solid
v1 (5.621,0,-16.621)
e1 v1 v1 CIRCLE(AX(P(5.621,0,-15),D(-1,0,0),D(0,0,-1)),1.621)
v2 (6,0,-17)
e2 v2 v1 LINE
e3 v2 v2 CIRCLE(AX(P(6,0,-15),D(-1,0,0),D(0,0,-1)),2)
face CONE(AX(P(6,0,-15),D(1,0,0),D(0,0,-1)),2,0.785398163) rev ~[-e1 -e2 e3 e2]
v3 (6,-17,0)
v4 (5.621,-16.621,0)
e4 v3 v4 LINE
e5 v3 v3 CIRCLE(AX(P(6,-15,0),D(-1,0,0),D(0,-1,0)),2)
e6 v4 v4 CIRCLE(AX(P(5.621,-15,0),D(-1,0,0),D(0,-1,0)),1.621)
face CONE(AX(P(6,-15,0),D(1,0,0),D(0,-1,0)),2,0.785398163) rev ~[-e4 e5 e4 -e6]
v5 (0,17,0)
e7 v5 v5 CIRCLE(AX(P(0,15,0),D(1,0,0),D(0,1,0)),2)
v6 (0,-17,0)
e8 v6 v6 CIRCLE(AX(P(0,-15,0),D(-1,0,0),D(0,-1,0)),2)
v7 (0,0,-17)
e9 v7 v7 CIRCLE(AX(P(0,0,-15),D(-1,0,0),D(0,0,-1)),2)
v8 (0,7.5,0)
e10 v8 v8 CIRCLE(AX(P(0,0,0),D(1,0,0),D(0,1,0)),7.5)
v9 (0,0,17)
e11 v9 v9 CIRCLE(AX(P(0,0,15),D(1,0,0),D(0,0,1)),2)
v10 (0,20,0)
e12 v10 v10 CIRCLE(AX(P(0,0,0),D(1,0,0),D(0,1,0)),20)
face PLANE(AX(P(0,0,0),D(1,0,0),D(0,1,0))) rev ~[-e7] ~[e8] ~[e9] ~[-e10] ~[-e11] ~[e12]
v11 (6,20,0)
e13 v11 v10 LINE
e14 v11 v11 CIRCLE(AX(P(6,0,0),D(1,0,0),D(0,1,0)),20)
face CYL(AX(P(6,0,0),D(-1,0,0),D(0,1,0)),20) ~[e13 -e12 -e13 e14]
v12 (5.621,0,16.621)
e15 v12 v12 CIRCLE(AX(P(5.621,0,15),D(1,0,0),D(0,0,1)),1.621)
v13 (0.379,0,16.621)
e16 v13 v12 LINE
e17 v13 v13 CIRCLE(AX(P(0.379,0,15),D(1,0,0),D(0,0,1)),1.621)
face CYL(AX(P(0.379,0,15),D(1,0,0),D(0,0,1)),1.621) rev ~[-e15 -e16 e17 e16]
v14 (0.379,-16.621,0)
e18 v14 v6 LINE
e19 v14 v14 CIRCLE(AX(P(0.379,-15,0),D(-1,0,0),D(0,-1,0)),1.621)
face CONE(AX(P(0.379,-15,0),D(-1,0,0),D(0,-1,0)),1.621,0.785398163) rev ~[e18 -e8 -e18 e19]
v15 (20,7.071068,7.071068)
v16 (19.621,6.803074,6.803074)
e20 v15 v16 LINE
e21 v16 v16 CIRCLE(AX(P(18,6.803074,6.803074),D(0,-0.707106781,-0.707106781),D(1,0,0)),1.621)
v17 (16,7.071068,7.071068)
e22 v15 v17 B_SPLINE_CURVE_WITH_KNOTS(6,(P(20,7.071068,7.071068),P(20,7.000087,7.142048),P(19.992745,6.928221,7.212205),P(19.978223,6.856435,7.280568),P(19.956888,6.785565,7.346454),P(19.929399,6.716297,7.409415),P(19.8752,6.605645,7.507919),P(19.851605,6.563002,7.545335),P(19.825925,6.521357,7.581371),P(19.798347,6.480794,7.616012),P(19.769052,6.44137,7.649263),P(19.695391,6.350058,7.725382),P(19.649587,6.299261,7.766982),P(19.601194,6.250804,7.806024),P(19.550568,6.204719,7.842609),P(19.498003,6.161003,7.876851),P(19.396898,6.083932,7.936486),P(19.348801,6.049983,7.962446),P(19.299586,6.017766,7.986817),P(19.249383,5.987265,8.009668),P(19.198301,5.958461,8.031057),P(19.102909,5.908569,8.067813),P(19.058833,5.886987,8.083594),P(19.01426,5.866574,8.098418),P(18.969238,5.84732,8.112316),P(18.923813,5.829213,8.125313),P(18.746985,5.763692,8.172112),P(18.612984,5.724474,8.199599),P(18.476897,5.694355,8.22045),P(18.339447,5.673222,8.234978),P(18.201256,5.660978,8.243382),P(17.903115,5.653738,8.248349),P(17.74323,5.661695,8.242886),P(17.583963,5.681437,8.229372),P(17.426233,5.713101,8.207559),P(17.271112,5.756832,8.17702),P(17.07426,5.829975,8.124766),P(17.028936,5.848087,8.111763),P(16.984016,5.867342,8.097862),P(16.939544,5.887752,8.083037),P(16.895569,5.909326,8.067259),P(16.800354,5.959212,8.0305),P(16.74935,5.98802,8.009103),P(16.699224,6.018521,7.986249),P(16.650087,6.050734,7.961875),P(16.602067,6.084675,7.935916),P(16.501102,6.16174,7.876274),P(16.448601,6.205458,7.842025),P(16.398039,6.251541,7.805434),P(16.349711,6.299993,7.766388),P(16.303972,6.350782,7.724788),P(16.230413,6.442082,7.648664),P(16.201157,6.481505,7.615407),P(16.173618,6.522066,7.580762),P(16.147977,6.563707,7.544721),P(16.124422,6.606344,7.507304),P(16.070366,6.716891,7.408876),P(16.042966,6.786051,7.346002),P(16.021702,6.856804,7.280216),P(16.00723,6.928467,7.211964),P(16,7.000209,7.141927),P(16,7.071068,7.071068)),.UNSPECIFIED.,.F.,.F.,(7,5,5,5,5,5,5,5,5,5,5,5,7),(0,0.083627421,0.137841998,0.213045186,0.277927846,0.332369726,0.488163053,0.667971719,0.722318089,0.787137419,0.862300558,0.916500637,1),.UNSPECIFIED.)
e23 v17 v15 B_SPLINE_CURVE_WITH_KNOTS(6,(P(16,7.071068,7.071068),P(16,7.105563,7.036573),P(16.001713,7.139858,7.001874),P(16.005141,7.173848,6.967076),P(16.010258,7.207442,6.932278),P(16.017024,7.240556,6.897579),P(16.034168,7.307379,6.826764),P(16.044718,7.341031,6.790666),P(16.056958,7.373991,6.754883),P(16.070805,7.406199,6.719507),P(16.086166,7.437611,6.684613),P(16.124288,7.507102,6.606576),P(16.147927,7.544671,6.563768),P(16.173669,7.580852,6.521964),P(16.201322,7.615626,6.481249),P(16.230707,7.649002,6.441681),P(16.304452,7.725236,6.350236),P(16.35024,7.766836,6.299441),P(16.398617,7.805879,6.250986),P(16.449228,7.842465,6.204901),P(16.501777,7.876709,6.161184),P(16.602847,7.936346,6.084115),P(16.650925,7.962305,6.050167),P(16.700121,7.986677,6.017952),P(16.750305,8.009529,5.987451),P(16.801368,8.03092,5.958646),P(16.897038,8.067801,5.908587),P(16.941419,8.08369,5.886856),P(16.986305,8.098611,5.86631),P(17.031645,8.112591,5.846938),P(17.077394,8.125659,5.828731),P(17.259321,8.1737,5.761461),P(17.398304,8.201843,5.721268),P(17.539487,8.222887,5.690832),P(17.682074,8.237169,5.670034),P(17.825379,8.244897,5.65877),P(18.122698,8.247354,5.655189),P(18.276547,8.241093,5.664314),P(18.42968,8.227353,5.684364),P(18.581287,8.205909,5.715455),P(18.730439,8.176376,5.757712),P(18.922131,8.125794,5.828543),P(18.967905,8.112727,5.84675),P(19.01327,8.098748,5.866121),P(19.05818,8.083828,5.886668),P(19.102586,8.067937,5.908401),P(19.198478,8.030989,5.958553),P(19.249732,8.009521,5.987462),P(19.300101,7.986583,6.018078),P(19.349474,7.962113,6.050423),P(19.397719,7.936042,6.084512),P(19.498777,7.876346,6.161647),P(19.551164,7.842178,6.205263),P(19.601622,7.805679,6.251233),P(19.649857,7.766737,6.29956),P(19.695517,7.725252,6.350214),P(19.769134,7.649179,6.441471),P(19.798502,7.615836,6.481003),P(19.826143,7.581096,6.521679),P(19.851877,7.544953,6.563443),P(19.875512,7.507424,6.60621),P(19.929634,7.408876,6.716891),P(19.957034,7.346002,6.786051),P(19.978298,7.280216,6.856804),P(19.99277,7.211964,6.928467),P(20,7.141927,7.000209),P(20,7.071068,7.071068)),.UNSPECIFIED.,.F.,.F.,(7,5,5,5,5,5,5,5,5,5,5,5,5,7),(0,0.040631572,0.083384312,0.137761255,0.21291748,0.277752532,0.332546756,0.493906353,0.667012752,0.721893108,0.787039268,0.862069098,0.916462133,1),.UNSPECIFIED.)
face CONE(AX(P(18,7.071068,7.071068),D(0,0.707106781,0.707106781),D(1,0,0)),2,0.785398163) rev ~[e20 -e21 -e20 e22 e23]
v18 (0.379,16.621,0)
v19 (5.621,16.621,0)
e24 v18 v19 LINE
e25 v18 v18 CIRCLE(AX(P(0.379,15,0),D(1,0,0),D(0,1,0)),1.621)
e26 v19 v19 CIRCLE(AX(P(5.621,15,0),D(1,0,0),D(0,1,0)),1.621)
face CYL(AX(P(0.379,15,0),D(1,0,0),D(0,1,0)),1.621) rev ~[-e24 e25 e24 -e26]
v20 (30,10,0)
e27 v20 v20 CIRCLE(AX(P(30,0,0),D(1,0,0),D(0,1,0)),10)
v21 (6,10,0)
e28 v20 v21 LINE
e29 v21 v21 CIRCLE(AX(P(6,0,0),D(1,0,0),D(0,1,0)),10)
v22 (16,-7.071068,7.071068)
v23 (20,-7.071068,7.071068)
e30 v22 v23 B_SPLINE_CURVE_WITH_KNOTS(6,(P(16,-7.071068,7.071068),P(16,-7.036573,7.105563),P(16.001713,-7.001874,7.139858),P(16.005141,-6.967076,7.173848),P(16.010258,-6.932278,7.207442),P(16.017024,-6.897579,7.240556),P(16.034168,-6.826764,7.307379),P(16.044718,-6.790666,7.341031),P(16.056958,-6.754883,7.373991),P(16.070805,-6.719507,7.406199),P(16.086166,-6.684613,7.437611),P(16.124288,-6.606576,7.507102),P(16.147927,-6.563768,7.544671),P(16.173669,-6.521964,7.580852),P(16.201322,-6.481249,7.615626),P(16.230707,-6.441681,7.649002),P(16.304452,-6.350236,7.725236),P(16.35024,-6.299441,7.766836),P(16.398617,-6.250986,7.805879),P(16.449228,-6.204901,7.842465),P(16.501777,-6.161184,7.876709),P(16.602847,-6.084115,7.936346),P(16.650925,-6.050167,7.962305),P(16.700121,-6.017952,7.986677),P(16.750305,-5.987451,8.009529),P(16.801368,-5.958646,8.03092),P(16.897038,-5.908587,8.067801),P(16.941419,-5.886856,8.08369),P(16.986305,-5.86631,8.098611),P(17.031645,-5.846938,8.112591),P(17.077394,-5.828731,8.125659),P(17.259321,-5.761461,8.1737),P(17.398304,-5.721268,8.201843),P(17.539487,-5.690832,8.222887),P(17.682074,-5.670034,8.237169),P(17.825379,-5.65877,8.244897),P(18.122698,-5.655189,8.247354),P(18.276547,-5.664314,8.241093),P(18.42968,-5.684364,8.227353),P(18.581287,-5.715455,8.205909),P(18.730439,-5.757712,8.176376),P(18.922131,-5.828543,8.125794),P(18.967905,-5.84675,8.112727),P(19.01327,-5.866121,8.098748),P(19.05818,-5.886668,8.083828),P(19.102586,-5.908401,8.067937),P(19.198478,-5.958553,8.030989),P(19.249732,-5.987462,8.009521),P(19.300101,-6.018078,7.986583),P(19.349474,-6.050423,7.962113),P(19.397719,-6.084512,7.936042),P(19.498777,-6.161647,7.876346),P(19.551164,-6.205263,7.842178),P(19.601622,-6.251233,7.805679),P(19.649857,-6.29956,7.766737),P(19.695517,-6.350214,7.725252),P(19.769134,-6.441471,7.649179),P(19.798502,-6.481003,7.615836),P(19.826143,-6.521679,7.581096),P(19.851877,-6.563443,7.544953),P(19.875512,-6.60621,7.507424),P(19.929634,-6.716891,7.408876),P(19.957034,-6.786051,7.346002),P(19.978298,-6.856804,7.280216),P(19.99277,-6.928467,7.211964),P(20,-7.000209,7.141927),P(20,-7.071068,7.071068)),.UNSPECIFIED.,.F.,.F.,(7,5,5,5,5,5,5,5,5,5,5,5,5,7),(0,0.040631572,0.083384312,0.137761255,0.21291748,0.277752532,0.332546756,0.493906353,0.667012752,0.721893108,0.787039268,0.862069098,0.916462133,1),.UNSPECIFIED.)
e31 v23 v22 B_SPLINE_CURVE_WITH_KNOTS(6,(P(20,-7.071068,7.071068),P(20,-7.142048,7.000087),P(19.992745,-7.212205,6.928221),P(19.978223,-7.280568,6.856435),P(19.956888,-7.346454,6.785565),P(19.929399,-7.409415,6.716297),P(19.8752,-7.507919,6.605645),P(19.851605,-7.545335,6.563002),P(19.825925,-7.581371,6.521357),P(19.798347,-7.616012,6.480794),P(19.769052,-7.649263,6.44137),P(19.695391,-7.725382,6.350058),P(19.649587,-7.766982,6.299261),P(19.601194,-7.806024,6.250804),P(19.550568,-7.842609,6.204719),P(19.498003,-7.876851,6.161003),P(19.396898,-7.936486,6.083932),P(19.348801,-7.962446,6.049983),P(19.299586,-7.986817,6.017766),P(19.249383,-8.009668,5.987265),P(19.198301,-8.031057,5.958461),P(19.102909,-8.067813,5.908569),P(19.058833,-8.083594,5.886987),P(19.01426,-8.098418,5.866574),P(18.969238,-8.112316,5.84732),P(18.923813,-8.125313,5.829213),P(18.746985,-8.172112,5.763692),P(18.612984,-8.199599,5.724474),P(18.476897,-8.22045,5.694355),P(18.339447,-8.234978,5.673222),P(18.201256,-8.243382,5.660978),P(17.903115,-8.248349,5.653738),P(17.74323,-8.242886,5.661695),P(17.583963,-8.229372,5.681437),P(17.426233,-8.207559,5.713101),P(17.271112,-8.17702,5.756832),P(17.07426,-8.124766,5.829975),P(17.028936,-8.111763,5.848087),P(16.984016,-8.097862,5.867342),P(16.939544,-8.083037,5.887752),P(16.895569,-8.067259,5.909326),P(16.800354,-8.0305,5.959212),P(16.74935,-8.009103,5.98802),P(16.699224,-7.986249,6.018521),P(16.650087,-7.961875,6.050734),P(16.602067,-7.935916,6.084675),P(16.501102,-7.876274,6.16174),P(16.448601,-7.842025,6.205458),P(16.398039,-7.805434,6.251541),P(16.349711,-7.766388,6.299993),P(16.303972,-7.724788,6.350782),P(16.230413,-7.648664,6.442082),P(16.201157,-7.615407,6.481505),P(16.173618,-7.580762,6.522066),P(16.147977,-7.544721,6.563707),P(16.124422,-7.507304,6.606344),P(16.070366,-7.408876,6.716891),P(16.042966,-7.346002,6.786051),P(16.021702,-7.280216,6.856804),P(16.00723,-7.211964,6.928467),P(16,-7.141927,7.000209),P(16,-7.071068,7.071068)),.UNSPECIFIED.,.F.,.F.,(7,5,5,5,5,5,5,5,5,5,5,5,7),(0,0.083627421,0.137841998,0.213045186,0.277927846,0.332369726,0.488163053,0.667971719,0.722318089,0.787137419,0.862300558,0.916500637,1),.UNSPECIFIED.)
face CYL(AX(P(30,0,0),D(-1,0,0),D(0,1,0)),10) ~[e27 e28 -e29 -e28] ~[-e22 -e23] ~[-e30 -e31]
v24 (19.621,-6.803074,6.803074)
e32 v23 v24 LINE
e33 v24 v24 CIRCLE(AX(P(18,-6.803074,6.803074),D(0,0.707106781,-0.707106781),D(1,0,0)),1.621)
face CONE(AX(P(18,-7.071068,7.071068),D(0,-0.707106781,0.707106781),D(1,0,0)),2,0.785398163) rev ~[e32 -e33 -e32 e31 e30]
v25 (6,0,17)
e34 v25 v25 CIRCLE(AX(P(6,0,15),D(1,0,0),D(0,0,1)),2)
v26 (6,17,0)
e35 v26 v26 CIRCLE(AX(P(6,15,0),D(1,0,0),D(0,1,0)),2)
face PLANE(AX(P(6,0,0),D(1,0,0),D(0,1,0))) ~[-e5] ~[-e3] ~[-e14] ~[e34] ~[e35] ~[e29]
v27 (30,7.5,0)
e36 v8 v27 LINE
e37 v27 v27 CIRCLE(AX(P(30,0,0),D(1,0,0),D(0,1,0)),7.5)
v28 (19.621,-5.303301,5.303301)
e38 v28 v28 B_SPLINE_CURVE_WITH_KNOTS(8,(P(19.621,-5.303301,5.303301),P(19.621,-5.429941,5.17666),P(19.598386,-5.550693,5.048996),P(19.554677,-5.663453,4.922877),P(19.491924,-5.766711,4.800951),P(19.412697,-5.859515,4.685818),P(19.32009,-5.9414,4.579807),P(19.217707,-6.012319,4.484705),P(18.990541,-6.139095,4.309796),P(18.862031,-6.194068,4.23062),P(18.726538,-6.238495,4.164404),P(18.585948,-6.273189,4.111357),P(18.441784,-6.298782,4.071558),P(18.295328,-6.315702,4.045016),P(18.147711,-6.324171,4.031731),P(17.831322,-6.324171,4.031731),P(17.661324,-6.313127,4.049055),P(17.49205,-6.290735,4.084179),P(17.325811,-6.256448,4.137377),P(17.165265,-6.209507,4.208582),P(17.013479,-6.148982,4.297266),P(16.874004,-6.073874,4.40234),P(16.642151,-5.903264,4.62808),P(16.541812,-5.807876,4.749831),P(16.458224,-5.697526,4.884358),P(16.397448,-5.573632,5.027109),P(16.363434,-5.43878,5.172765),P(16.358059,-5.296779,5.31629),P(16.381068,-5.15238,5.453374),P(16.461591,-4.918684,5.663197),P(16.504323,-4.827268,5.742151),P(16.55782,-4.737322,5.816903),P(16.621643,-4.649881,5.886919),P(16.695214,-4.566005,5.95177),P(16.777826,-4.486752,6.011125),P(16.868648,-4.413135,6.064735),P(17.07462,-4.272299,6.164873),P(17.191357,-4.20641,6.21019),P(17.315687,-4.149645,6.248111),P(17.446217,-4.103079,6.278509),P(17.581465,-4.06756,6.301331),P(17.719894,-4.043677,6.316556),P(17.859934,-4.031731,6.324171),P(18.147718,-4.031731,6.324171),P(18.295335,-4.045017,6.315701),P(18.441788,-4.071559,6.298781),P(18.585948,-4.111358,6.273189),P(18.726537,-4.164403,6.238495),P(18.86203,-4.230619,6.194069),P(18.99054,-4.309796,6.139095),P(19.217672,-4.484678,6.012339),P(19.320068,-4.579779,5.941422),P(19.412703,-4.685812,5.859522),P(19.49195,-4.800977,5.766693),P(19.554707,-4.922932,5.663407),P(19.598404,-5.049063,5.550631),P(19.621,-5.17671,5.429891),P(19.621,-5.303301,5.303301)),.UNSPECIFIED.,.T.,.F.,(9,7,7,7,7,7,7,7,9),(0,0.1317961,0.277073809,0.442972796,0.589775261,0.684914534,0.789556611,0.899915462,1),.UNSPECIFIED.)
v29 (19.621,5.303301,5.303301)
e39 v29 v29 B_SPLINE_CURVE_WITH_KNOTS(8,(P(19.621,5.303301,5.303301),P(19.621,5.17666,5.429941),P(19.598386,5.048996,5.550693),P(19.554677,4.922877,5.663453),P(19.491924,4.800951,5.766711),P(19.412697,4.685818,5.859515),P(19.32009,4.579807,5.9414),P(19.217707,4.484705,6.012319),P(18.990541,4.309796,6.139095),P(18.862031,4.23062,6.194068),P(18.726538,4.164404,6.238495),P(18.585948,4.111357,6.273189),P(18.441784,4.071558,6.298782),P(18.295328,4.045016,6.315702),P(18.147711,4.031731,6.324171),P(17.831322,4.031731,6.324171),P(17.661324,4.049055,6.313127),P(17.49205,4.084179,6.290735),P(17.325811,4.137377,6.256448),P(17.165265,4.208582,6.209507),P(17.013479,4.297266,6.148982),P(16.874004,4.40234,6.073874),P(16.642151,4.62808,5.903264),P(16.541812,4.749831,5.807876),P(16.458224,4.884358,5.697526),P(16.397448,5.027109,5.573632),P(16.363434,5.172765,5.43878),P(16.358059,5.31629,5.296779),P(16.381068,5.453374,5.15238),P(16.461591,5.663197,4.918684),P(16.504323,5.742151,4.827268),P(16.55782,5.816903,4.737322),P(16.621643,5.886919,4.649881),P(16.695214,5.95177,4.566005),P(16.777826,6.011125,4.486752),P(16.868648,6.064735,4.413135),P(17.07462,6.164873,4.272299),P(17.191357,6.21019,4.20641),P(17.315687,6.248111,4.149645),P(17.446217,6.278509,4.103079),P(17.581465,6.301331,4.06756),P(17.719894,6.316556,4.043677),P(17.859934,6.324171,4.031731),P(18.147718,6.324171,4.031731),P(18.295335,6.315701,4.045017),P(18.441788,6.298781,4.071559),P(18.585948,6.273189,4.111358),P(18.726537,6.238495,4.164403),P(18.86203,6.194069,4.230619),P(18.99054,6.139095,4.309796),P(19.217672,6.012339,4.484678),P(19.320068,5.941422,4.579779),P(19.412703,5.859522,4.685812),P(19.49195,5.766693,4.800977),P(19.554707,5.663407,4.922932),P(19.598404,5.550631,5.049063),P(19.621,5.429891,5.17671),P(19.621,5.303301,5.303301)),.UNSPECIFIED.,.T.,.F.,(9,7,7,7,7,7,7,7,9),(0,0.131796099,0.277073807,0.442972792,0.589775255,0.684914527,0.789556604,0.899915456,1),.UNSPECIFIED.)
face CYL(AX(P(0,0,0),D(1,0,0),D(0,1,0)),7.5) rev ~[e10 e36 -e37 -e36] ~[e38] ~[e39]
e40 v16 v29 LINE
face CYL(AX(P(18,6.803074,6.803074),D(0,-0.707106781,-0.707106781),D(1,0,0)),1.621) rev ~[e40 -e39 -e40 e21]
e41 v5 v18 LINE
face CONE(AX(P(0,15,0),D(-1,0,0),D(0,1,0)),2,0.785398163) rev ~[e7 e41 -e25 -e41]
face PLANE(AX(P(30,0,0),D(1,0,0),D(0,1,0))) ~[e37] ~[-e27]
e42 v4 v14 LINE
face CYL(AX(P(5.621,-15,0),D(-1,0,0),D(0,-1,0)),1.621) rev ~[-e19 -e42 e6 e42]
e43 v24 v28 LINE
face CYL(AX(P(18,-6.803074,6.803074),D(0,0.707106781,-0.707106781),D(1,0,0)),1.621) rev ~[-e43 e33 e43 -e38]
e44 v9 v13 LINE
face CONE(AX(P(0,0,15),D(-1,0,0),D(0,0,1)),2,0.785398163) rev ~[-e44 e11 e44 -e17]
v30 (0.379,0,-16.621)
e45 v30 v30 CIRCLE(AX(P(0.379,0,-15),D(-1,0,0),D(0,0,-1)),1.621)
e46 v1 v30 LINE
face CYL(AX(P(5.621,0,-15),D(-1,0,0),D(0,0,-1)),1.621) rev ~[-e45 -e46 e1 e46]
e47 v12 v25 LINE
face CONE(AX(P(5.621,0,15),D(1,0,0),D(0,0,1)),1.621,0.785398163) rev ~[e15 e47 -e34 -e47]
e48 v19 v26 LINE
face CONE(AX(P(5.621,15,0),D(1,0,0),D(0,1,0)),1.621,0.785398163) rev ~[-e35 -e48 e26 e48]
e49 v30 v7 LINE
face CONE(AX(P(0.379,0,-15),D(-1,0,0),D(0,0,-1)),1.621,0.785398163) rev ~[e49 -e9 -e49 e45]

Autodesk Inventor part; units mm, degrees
ref_plane "YZ Plane" through (0, 0, 0) normal (1, 0, 0) x (0, 1, 0)
ref_plane "XZ Plane" through (0, 0, 0) normal (0, 1, 0) x (-1, 0, 0)
ref_plane "XY Plane" through (0, 0, 0) normal (0, 0, 1) x (1, 0, 0)
sketch "Sketch_1" plane through (0, 0, 0) normal (0, 0, 1) x (1, 0, 0)
  line L0 (30, 0) -> (0, 0)
  line L1 (0, 20) -> (0, 7.5)
  line L2 (0, 7.5) -> (30, 7.5)
  line L3 (30, 7.5) -> (30, 10)
  line L4 (30, 10) -> (6, 10)
  line L5 (6, 10) -> (6, 20)
  line L6 (6, 20) -> (0, 20)
revolve "Revolution1" add sketch "Sketch_1" angle 360 about axis through (30, 0, 0) along (1, 0, 0)
sketch "Sketch_3" plane through (0, 0, 0) normal (0, -0.7071, 0.7071) x (1, 0, 0)
  line L0 (18, 7) -> (18, 10)
  line L1 (18, 10) -> (20, 10)
  line L2 (20, 10) -> (19.621, 9.621)
  line L3 (19.621, 9.621) -> (19.621, 7)
  line L4 (19.621, 7) -> (18, 7)
  line L5 (18, 7) -> (18, 10)
revolve "Revolution2" cut sketch "Sketch_3" angle 360 about axis through (18, 4.9497, 4.9497) along (0, -0.7071, -0.7071)
thread "Thread1" size "M4x0.7" class "6H" standard "ISO Metric profile" length 2.621
sketch "Sketch_2" plane through (0, 0, 0) normal (0, -0.7071, -0.7071) x (1, 0, 0)
  line L0 (18, 7) -> (18, 10)
  line L1 (18, 10) -> (20, 10)
  line L2 (20, 10) -> (19.621, 9.621)
  line L3 (19.621, 9.621) -> (19.621, 7)
  line L4 (19.621, 7) -> (18, 7)
  line L5 (18, 7) -> (18, 10)
revolve "Revolution3" cut sketch "Sketch_2" angle 360 about axis through (18, -4.9497, 4.9497) along (0, 0.7071, -0.7071)
thread "Thread2" size "M4x0.7" class "6H" standard "ISO Metric profile" length 2.621
sketch "Sketch_4" plane through (0, 0, 0) normal (0, 0, 1) x (1, 0, 0)
  line L0 (6, 15) -> (0, 15)
  line L1 (0, 15) -> (0, 17)
  line L2 (0, 17) -> (0.379, 16.621)
  line L3 (0.379, 16.621) -> (5.621, 16.621)
  line L4 (5.621, 16.621) -> (6, 17)
  line L5 (6, 17) -> (6, 15)
  line L6 (6, 15) -> (0, 15)
revolve "Revolution4" cut sketch "Sketch_4" angle 360 about axis through (6, 15, 0) along (1, 0, 0)
thread "Thread3" size "M4x0.7" class "6H" standard "ISO Metric profile" full length
sketch "Sketch_9" plane through (0, 0, 0) normal (0, -1, 0) x (1, 0, 0)
  line L0 (0, -15) -> (6, -15)
  line L1 (6, -15) -> (6, -17)
  line L2 (6, -17) -> (5.621, -16.621)
  line L3 (5.621, -16.621) -> (0.379, -16.621)
  line L4 (0.379, -16.621) -> (0, -17)
  line L5 (0, -17) -> (0, -15)
  line L6 (0, -15) -> (6, -15)
revolve "Revolution5" cut sketch "Sketch_9" angle 360 about axis through (0, 0, -15) along (-1, 0, 0)
thread "Thread4" size "M4x0.7" class "6H" standard "ISO Metric profile" full length
sketch "Sketch_10" plane through (0, 0, 0) normal (0, 0, 1) x (1, 0, 0)
  line L0 (0, -15) -> (6, -15)
  line L1 (6, -15) -> (6, -17)
  line L2 (6, -17) -> (5.621, -16.621)
  line L3 (5.621, -16.621) -> (0.379, -16.621)
  line L4 (0.379, -16.621) -> (0, -17)
  line L5 (0, -17) -> (0, -15)
  line L6 (0, -15) -> (6, -15)
revolve "Revolution6" cut sketch "Sketch_10" angle 360 about axis through (0, -15, 0) along (-1, 0, 0)
thread "Thread5" size "M4x0.7" class "6H" standard "ISO Metric profile" full length
sketch "Sketch_11" plane through (0, 0, 0) normal (0, -1, 0) x (1, 0, 0)
  line L0 (6, 15) -> (0, 15)
  line L1 (0, 15) -> (0, 17)
  line L2 (0, 17) -> (0.379, 16.621)
  line L3 (0.379, 16.621) -> (5.621, 16.621)
  line L4 (5.621, 16.621) -> (6, 17)
  line L5 (6, 17) -> (6, 15)
  line L6 (6, 15) -> (0, 15)
revolve "Revolution7" cut sketch "Sketch_11" angle 360 about axis through (6, 0, 15) along (1, 0, 0)
thread "Thread6" size "M4x0.7" class "6H" standard "ISO Metric profile" full length
properties part number "STHRBT15_b" material "ステンレス鋼"
